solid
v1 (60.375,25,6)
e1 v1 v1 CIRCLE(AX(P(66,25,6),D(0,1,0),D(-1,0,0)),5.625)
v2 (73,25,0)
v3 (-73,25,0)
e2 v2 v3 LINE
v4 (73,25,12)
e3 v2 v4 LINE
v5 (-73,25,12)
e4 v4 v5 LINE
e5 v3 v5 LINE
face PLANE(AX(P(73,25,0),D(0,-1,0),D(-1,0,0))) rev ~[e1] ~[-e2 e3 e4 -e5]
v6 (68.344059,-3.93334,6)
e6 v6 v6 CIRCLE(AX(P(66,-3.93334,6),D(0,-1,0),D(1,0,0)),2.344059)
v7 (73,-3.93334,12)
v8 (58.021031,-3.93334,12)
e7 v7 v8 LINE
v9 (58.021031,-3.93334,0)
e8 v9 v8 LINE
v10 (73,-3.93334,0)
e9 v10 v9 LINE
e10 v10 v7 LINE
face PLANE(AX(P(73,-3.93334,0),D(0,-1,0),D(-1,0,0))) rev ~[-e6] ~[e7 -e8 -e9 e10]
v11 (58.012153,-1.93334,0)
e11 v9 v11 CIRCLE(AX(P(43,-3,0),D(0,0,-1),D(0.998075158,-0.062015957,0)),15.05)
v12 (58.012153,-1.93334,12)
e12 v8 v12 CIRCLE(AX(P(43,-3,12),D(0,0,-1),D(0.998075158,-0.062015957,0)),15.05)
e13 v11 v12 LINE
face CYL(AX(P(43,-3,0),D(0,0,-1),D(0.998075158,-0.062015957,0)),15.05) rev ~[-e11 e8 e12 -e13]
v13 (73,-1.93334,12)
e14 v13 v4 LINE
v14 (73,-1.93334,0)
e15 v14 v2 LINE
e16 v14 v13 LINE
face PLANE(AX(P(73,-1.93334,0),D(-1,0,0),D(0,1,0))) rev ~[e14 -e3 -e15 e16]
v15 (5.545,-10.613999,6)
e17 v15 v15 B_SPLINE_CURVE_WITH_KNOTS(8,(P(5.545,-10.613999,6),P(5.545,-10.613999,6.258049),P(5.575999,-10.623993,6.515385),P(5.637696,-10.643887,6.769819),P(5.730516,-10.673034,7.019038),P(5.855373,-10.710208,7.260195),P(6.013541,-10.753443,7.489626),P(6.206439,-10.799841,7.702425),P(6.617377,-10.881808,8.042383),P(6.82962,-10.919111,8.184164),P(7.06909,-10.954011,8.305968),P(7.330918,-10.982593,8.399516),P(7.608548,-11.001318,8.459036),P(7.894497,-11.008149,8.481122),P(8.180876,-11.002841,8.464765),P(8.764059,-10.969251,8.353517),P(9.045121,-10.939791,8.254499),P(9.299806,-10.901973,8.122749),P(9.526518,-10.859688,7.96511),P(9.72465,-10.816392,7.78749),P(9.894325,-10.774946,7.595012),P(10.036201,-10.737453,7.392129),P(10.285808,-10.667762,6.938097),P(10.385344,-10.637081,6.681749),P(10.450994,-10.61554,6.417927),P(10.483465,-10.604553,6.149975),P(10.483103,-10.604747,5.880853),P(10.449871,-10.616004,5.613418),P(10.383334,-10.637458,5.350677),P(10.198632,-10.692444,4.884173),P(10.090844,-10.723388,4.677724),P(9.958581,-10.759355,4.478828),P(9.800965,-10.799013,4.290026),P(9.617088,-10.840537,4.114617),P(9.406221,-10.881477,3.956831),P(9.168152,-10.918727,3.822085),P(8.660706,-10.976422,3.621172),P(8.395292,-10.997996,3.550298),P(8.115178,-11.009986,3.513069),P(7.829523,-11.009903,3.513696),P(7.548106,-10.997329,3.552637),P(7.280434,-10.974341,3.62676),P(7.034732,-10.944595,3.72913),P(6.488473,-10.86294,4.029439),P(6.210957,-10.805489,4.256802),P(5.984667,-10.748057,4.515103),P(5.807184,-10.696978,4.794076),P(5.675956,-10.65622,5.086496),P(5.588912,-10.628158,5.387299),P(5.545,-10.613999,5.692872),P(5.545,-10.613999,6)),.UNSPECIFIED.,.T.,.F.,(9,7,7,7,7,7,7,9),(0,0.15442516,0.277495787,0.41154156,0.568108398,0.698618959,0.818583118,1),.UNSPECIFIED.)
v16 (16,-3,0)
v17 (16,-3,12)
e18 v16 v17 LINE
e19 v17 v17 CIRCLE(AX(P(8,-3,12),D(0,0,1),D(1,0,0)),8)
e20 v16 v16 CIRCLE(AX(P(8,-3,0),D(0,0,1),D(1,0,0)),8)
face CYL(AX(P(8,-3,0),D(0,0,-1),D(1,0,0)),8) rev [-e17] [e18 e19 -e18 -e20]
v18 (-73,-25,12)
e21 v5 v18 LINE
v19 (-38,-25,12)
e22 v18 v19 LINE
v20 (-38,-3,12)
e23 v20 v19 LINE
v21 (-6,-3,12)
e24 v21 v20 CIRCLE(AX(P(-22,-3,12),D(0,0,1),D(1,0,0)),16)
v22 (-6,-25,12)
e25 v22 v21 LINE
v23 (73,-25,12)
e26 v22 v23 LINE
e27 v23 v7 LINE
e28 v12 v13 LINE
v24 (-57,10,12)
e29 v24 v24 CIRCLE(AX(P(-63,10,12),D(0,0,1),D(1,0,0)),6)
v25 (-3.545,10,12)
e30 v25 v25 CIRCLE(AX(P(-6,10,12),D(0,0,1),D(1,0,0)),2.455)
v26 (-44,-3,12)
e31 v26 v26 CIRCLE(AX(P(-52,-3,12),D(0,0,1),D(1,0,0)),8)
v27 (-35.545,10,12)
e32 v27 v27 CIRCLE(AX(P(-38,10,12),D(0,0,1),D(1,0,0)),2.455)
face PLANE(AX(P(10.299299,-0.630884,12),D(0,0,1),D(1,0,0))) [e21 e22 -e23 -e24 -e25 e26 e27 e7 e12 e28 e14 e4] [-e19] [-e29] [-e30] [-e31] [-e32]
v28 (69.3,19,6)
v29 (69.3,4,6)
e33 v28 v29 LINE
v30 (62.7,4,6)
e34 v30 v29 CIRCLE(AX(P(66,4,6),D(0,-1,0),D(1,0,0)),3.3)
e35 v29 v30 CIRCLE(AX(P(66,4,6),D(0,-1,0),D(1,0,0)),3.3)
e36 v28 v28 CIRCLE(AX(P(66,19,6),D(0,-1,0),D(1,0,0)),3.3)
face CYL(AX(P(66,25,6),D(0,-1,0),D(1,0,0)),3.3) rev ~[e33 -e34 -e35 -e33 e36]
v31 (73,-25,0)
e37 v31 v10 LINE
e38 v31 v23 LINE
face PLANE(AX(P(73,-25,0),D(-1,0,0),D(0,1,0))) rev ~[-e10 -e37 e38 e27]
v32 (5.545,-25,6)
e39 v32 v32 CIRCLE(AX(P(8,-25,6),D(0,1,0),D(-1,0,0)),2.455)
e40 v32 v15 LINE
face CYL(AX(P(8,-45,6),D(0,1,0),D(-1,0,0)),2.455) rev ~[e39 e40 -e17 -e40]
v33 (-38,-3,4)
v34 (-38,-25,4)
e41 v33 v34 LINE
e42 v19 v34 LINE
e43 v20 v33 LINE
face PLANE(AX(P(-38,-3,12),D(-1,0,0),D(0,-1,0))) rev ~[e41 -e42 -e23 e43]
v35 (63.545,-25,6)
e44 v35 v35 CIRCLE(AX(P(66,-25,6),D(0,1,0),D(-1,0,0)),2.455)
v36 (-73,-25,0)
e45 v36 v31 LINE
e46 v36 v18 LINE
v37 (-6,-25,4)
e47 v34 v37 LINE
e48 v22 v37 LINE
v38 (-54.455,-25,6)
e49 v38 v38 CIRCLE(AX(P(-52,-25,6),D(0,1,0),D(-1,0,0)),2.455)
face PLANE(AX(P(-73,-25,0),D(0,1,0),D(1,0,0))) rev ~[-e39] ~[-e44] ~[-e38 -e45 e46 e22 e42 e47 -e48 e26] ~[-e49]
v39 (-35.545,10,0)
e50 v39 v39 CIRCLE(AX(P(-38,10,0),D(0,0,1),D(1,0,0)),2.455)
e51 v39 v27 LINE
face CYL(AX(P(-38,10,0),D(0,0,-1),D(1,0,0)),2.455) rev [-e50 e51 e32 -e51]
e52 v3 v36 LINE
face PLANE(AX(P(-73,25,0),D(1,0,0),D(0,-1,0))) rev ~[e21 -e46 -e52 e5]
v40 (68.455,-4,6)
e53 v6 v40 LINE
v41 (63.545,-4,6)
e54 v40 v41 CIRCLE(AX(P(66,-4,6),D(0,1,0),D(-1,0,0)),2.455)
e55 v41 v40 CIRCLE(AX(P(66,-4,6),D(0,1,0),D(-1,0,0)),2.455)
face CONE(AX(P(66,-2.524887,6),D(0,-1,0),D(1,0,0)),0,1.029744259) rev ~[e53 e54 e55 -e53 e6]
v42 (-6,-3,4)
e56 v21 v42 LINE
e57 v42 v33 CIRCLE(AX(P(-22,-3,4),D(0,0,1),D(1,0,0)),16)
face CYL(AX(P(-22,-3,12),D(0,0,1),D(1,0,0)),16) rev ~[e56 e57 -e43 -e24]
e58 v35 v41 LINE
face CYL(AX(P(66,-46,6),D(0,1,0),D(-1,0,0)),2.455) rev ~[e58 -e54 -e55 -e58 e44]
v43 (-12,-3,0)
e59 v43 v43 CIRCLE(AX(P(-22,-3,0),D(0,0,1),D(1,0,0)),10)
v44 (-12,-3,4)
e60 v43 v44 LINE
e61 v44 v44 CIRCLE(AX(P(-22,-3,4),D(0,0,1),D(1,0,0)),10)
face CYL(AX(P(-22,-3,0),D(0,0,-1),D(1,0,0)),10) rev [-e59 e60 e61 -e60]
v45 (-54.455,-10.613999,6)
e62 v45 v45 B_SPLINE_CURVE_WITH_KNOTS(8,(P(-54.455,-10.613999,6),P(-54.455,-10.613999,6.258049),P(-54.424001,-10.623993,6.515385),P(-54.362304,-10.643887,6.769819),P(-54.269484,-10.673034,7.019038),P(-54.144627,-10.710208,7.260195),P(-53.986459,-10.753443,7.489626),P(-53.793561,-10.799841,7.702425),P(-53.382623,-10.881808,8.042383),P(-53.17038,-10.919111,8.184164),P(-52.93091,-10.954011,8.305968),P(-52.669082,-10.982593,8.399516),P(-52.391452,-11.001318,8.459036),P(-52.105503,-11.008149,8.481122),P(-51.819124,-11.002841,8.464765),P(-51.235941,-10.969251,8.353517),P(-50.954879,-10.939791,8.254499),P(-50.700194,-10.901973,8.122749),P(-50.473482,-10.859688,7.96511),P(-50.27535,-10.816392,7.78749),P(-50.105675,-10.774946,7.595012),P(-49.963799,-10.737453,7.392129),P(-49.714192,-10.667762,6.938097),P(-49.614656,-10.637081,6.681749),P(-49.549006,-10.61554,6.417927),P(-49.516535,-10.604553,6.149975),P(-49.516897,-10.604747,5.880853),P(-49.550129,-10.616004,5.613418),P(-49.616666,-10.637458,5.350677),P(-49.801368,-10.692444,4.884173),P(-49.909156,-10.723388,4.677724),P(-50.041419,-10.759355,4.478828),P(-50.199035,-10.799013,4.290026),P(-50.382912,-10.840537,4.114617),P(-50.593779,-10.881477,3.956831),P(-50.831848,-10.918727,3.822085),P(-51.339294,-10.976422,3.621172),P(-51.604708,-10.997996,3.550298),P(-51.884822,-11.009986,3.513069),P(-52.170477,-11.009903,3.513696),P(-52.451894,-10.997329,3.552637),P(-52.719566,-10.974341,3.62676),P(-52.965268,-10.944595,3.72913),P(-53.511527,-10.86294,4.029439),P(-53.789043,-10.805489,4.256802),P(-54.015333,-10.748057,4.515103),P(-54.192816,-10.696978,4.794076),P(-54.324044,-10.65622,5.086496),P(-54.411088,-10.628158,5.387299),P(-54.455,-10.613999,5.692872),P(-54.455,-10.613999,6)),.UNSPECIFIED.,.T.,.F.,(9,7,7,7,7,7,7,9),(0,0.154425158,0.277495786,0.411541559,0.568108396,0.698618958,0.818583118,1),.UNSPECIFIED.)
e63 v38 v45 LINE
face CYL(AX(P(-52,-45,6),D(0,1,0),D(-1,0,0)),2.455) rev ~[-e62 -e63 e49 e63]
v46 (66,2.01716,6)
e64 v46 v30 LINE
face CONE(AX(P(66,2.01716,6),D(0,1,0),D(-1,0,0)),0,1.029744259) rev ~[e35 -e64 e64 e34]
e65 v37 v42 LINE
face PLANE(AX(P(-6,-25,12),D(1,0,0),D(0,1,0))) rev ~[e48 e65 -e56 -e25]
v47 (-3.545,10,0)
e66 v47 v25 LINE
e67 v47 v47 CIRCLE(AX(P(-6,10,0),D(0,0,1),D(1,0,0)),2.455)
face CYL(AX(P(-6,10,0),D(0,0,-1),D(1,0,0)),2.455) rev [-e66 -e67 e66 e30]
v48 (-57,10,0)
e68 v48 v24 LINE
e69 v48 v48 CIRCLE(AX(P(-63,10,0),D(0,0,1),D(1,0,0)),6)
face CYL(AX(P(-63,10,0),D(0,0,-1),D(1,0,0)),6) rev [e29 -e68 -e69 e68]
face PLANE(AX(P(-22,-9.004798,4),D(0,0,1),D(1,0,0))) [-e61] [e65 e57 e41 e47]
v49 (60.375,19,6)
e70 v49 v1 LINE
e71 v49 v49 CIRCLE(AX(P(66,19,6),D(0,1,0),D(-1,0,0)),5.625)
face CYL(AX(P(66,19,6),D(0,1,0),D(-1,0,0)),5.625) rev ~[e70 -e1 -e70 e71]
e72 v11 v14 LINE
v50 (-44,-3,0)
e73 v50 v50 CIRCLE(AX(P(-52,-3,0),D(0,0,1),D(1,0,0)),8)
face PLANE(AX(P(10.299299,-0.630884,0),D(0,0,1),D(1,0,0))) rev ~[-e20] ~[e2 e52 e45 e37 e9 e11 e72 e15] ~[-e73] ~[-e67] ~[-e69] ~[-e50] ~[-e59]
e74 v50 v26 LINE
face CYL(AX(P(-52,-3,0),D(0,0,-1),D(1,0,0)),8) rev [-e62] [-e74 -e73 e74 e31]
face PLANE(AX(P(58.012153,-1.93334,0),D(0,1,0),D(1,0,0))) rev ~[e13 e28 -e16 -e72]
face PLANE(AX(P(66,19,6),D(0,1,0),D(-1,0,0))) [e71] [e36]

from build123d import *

# Parameters (mm, degrees)
F0_R           = 8
F0_R_2         = 10
F0_R_3         = 6
F0_R_4         = 2.455
F1_DEPTH       = 12
F2_R           = 10
F3_DEPTH       = 8
F5_D           = 4.91
F5_DEPTH       = 20
F5_TIP         = 1.4751128197
F6_D           = 4.91
F6_DEPTH       = 21
F6_TIP         = 1.4751128197
F8_D           = 6.6
F8_DEPTH       = 21
F8_CBORE_D     = 11.25
F8_CBORE_DEPTH = 6
F8_TIP         = 1.9828400428


with BuildPart() as f1:
    # F0 (on Top) → F1 (new body)
    with BuildSketch(Plane.XY):
        with BuildLine():
            Line((-73, -25), (73, -25))
            Line((73, -25), (73, -3.9333401471))
            Line((73, -3.9333401471), (58.0210311287, -3.9333401471))
            ThreePointArc((58.0210311287, -3.9333401471), (27.9501482812, -3.0668074952), (58.0121529688, -1.9333401471))
            Line((58.0121529688, -1.9333401471), (73, -1.9333401471))
            Line((73, -1.9333401471), (73, 25))
            Line((73, 25), (-73, 25))
            Line((-73, 25), (-73, -25))
        make_face()
        with Locations((-52, -3)):
            Circle(F0_R, mode=Mode.SUBTRACT)
        with Locations((-22, -3)):
            Circle(F0_R_2, mode=Mode.SUBTRACT)
        with Locations((8, -3)):
            Circle(F0_R, mode=Mode.SUBTRACT)
        with Locations((-63, 10)):
            Circle(F0_R_3, mode=Mode.SUBTRACT)
        with Locations((-38, 10)):
            Circle(F0_R_4, mode=Mode.SUBTRACT)
        with Locations((-6, 10)):
            Circle(F0_R_4, mode=Mode.SUBTRACT)
    extrude(amount=F1_DEPTH)

    # F2 (on face) → F3 (cut)
    with BuildSketch(Plane.XY.offset(12)):
        with BuildLine():
            Line((-6, -25), (-6, -3))
            ThreePointArc((-6, -3), (-22, 13), (-38, -3))
            Line((-38, -3), (-38, -25))
            Line((-38, -25), (-6, -25))
        make_face()
        with Locations((-22, -3)):
            Circle(F2_R, mode=Mode.SUBTRACT)
    extrude(amount=-F3_DEPTH, mode=Mode.SUBTRACT)

    # F5
    with Locations(Plane.XZ.offset(25)):
        with Locations((-52, 6), (8, 6)):
            Hole(F5_D / 2, depth=F5_DEPTH)
            with Locations((0, 0, -(F5_DEPTH + F5_TIP / 2))):  # 118° drill point
                Cone(0, F5_D / 2, F5_TIP, mode=Mode.SUBTRACT)

    # F6
    with Locations(Plane.XZ.offset(25)):
        with Locations((66, 6)):
            Hole(F6_D / 2, depth=F6_DEPTH)
            with Locations((0, 0, -(F6_DEPTH + F6_TIP / 2))):  # 118° drill point
                Cone(0, F6_D / 2, F6_TIP, mode=Mode.SUBTRACT)

    # F8
    with Locations(Plane(origin=(0, 25, 0), x_dir=(-1, 0, 0), z_dir=(0, 1, 0))):
        with Locations((-66, 6)):
            CounterBoreHole(F8_D / 2, F8_CBORE_D / 2, F8_CBORE_DEPTH, depth=F8_DEPTH)
            with Locations((0, 0, -(F8_DEPTH + F8_TIP / 2))):  # 118° drill point
                Cone(0, F8_D / 2, F8_TIP, mode=Mode.SUBTRACT)


solid = f1.part
